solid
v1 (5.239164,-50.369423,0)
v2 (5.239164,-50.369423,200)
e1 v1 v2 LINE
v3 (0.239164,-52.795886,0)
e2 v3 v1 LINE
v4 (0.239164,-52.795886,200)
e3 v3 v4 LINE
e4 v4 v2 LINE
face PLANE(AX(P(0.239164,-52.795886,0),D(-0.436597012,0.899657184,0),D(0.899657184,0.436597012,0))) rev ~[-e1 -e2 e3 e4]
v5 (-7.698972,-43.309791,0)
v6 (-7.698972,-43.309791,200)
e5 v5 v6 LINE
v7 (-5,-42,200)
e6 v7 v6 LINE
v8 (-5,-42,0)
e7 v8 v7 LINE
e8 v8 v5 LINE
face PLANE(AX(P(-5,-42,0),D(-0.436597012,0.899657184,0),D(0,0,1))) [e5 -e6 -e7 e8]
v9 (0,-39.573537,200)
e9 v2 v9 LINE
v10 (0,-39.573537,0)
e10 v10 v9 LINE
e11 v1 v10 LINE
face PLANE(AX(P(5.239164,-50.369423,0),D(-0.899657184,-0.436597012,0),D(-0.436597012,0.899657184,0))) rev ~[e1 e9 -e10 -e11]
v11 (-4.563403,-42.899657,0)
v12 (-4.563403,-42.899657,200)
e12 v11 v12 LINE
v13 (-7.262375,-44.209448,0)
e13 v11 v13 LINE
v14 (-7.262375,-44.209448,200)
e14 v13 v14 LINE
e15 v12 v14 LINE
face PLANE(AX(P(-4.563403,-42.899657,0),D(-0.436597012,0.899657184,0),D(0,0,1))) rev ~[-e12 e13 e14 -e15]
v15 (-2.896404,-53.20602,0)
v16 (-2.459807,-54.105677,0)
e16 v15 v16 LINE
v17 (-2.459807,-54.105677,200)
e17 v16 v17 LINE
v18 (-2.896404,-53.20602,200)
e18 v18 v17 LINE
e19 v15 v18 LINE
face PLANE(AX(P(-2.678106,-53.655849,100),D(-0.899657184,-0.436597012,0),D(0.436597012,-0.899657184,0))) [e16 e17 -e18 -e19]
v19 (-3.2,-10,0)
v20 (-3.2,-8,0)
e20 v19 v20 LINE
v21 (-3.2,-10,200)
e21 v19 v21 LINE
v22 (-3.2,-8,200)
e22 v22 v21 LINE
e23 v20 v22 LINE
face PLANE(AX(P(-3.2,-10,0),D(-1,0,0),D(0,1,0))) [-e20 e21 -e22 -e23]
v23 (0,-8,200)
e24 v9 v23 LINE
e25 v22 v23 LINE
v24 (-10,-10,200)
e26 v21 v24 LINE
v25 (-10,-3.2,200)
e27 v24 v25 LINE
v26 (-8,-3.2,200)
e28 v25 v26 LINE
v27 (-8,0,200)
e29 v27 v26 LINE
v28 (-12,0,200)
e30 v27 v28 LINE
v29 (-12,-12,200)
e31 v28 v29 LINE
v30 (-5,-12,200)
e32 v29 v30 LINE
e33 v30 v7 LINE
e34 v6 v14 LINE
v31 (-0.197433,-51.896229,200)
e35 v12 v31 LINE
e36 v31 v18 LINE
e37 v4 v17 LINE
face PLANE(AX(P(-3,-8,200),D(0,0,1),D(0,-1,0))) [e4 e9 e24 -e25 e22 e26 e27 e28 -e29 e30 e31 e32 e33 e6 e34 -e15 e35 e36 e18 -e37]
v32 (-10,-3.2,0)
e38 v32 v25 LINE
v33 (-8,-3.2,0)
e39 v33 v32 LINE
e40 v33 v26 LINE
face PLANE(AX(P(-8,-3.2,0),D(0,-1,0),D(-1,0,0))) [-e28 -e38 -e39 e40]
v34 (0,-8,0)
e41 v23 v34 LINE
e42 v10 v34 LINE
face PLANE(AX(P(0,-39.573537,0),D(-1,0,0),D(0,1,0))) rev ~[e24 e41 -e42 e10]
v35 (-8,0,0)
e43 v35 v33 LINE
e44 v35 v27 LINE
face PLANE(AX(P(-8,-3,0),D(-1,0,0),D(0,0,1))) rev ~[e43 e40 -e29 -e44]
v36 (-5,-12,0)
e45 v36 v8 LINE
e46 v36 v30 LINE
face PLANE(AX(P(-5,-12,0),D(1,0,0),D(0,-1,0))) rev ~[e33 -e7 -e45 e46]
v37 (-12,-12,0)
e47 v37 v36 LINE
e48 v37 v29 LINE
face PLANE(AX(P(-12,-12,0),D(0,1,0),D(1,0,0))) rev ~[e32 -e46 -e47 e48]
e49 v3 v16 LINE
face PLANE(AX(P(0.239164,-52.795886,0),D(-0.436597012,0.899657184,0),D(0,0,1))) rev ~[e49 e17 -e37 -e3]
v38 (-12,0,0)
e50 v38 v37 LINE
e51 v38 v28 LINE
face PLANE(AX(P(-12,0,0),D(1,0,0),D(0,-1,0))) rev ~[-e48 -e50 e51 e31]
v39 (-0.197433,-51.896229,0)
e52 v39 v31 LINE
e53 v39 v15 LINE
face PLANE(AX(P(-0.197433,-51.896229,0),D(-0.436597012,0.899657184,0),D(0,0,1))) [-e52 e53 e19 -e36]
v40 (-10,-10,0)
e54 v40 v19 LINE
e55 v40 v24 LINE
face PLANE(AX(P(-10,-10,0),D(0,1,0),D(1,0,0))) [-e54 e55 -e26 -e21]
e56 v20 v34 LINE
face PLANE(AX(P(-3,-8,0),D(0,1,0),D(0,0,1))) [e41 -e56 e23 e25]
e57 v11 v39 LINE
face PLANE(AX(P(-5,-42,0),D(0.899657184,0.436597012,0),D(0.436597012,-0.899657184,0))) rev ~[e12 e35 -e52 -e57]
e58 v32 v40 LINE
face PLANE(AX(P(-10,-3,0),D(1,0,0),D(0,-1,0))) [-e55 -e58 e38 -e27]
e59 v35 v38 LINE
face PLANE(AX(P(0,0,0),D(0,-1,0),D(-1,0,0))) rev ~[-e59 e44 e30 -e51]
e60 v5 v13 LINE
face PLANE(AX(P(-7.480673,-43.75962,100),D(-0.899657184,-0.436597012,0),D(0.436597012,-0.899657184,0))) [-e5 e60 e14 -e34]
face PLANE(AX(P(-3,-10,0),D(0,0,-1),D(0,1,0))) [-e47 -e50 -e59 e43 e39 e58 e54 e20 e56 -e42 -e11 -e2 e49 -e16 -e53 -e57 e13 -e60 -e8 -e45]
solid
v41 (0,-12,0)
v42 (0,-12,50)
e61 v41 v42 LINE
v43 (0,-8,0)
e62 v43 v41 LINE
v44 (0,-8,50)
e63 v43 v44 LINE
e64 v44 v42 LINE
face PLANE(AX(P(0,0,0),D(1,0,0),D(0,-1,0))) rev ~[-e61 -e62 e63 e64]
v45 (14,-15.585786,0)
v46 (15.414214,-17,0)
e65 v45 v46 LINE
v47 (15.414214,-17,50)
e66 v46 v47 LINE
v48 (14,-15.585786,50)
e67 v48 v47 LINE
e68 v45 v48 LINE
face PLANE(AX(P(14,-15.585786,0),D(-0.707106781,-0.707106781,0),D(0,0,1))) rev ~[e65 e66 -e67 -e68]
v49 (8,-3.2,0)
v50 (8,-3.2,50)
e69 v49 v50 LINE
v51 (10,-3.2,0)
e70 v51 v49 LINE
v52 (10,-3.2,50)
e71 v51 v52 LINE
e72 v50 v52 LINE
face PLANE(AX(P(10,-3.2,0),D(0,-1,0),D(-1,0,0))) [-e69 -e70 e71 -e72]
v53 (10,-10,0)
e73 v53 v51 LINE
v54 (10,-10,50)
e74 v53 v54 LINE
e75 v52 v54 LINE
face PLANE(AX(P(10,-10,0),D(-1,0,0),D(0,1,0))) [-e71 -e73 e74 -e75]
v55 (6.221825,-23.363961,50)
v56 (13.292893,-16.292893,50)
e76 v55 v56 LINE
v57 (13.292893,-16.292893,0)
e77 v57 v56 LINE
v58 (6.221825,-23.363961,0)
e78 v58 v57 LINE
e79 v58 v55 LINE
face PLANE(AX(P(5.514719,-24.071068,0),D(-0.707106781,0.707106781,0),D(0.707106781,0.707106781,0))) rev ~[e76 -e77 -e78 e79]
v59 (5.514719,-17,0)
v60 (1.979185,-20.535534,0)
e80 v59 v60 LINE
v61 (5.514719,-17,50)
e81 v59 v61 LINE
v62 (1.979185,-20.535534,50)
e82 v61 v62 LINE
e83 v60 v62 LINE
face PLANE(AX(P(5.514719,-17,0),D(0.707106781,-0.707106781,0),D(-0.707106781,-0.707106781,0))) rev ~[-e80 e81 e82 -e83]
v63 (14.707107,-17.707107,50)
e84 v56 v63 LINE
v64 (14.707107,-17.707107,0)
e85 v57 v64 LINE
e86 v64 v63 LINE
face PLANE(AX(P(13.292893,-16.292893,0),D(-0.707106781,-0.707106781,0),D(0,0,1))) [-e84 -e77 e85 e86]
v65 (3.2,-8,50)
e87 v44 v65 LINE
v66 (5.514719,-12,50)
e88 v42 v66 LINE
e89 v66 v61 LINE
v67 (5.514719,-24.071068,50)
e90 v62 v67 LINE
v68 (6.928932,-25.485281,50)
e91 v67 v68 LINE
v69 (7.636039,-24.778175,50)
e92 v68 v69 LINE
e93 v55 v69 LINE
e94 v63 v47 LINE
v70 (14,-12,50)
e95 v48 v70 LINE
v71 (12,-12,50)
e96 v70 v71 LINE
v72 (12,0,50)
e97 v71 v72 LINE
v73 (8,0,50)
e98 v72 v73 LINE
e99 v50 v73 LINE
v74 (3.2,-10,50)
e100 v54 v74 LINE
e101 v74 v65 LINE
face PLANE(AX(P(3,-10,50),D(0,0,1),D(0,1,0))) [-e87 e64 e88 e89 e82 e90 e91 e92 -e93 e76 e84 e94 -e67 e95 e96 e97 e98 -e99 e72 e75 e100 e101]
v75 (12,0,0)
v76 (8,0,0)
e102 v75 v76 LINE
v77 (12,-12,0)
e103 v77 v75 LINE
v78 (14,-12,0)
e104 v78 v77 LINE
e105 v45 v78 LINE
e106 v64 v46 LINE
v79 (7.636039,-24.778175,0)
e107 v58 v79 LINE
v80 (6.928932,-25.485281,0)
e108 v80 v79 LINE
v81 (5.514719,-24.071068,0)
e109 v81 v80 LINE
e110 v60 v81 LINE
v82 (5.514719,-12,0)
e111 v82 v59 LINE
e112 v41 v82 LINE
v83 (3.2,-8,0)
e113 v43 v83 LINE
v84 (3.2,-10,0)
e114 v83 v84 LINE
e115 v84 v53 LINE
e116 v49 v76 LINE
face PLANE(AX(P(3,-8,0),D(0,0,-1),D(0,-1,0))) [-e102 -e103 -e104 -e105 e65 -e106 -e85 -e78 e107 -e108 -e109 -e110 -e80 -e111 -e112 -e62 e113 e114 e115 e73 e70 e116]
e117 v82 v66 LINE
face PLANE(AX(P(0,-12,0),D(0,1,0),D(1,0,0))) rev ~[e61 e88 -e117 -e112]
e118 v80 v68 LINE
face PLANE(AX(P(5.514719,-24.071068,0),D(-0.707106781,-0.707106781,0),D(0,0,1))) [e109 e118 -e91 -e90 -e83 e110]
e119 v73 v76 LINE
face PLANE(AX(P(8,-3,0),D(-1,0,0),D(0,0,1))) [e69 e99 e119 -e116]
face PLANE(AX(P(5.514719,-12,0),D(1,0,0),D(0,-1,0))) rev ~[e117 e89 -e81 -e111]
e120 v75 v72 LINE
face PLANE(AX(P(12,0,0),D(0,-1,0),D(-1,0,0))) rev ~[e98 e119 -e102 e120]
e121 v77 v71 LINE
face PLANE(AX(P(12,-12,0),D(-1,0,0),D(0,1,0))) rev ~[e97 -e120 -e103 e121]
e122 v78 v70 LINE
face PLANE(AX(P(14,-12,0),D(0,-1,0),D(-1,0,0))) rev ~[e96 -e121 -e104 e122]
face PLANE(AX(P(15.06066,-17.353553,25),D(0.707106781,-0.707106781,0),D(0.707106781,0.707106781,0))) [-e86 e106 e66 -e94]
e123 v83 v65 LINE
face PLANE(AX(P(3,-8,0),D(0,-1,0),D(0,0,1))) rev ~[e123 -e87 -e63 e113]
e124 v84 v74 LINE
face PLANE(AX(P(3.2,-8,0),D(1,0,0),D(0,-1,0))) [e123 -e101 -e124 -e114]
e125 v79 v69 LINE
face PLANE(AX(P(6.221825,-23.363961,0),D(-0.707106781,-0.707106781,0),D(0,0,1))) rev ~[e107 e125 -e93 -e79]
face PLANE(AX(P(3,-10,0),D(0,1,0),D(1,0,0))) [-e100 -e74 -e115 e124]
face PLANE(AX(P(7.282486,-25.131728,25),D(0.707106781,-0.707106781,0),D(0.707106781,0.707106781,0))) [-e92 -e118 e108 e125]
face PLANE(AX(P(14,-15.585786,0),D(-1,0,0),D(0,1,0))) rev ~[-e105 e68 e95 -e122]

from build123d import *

# Parameters (mm, degrees)
F2_DEPTH  = 200
F3_DEPTH  = 200.001
F4_W      = 1
F4_H      = 200
F5_DEPTH  = 3
F7_DEPTH  = 50
F8_DEPTH  = 200.001
F9_W      = 1
F9_H      = 50
F10_DEPTH = 2
F11_DEPTH = 0.2
F12_DEPTH = 0.2
F13_DEPTH = 0.2


with BuildPart() as f2:
    # F1 (on Top) → F2 (new body)
    with BuildSketch(Plane.XY):
        Polygon((0, -39.5735367915), (0, 0), (-12, 0), (-12, -12), (-5, -12), (-5, -42), (0.2391641397, -52.7958862127), (5.2391641397, -50.3694230041), align=None)
    extrude(amount=F2_DEPTH)

    # F0 (on Top) → F3 (cut, through all)
    with BuildSketch(Plane.XY):
        Polygon((-10, 10), (-10, 3), (-8, 3), (-8, -3), (-10, -3), (-10, -10), (-3, -10), (-3, -8), (3, -8), (3, -10), (10, -10), (10, -3), (8, -3), (8, 3), (10, 3), (10, 10), (3, 10), (3, 8), (-3, 8), (-3, 10), align=None)
    extrude(amount=F3_DEPTH, mode=Mode.SUBTRACT)

    # F4 (on face) → F5 (join)
    with BuildSketch(Plane(origin=(-20.5439960519, -9.9698501152, 0), x_dir=(0.4365970116, -0.8996571844, 0), z_dir=(-0.8996571844, -0.4365970116, 0))):
        with Locations((36.1026166861, 100)):
            Rectangle(F4_W, F4_H)
        with Locations((47.1026166861, 100)):
            Rectangle(F4_W, F4_H)
    extrude(amount=F5_DEPTH)

    # F11 (add): a face of the model
    f11_faces = [f2.faces().sort_by_distance(p)[0] for p in [
        (-9, -3, 100),
    ]]
    extrude(f11_faces, amount=F11_DEPTH)

    # F13 (add): a face of the model
    f13_faces = [f2.faces().sort_by_distance(p)[0] for p in [
        (-3, -9, 100),
    ]]
    extrude(f13_faces, amount=F13_DEPTH)


with BuildPart() as f7:
    # F6 (on Top) → F7 (new body)
    with BuildSketch(Plane.XY):
        Polygon((12, 0), (0, 0), (0, -12), (5.5147186258, -12), (5.5147186258, -17), (1.9791847198, -20.5355339059), (5.5147186258, -24.0710678119), (14, -15.5857864376), (14, -12), (12, -12), align=None)
    extrude(amount=F7_DEPTH)

    # F0 (on Top) → F8 (cut, through all)
    with BuildSketch(Plane.XY):
        Polygon((-10, 10), (-10, 3), (-8, 3), (-8, -3), (-10, -3), (-10, -10), (-3, -10), (-3, -8), (3, -8), (3, -10), (10, -10), (10, -3), (8, -3), (8, 3), (10, 3), (10, 10), (3, 10), (3, 8), (-3, 8), (-3, 10), align=None)
    extrude(amount=F8_DEPTH, mode=Mode.SUBTRACT)

    # F9 (on face) → F10 (join)
    with BuildSketch(Plane(origin=(14.7928932188, -14.7928932188, 0), x_dir=(0.7071067812, 0.7071067812, 0), z_dir=(0.7071067812, -0.7071067812, 0))):
        with Locations((-12.6213203436, 25)):
            Rectangle(F9_W, F9_H)
        with Locations((-1.6213203436, 25)):
            Rectangle(F9_W, F9_H)
    extrude(amount=F10_DEPTH)

    # F11#2 (add): a face of the model
    f11_2_faces = [f7.faces().sort_by_distance(p)[0] for p in [
        (9, -3, 25),
    ]]
    extrude(f11_2_faces, amount=F11_DEPTH)

    # F12 (add): a face of the model
    f12_faces = [f7.faces().sort_by_distance(p)[0] for p in [
        (3, -9, 25),
    ]]
    extrude(f12_faces, amount=F12_DEPTH)


solid = Compound([f2.part, f7.part])
